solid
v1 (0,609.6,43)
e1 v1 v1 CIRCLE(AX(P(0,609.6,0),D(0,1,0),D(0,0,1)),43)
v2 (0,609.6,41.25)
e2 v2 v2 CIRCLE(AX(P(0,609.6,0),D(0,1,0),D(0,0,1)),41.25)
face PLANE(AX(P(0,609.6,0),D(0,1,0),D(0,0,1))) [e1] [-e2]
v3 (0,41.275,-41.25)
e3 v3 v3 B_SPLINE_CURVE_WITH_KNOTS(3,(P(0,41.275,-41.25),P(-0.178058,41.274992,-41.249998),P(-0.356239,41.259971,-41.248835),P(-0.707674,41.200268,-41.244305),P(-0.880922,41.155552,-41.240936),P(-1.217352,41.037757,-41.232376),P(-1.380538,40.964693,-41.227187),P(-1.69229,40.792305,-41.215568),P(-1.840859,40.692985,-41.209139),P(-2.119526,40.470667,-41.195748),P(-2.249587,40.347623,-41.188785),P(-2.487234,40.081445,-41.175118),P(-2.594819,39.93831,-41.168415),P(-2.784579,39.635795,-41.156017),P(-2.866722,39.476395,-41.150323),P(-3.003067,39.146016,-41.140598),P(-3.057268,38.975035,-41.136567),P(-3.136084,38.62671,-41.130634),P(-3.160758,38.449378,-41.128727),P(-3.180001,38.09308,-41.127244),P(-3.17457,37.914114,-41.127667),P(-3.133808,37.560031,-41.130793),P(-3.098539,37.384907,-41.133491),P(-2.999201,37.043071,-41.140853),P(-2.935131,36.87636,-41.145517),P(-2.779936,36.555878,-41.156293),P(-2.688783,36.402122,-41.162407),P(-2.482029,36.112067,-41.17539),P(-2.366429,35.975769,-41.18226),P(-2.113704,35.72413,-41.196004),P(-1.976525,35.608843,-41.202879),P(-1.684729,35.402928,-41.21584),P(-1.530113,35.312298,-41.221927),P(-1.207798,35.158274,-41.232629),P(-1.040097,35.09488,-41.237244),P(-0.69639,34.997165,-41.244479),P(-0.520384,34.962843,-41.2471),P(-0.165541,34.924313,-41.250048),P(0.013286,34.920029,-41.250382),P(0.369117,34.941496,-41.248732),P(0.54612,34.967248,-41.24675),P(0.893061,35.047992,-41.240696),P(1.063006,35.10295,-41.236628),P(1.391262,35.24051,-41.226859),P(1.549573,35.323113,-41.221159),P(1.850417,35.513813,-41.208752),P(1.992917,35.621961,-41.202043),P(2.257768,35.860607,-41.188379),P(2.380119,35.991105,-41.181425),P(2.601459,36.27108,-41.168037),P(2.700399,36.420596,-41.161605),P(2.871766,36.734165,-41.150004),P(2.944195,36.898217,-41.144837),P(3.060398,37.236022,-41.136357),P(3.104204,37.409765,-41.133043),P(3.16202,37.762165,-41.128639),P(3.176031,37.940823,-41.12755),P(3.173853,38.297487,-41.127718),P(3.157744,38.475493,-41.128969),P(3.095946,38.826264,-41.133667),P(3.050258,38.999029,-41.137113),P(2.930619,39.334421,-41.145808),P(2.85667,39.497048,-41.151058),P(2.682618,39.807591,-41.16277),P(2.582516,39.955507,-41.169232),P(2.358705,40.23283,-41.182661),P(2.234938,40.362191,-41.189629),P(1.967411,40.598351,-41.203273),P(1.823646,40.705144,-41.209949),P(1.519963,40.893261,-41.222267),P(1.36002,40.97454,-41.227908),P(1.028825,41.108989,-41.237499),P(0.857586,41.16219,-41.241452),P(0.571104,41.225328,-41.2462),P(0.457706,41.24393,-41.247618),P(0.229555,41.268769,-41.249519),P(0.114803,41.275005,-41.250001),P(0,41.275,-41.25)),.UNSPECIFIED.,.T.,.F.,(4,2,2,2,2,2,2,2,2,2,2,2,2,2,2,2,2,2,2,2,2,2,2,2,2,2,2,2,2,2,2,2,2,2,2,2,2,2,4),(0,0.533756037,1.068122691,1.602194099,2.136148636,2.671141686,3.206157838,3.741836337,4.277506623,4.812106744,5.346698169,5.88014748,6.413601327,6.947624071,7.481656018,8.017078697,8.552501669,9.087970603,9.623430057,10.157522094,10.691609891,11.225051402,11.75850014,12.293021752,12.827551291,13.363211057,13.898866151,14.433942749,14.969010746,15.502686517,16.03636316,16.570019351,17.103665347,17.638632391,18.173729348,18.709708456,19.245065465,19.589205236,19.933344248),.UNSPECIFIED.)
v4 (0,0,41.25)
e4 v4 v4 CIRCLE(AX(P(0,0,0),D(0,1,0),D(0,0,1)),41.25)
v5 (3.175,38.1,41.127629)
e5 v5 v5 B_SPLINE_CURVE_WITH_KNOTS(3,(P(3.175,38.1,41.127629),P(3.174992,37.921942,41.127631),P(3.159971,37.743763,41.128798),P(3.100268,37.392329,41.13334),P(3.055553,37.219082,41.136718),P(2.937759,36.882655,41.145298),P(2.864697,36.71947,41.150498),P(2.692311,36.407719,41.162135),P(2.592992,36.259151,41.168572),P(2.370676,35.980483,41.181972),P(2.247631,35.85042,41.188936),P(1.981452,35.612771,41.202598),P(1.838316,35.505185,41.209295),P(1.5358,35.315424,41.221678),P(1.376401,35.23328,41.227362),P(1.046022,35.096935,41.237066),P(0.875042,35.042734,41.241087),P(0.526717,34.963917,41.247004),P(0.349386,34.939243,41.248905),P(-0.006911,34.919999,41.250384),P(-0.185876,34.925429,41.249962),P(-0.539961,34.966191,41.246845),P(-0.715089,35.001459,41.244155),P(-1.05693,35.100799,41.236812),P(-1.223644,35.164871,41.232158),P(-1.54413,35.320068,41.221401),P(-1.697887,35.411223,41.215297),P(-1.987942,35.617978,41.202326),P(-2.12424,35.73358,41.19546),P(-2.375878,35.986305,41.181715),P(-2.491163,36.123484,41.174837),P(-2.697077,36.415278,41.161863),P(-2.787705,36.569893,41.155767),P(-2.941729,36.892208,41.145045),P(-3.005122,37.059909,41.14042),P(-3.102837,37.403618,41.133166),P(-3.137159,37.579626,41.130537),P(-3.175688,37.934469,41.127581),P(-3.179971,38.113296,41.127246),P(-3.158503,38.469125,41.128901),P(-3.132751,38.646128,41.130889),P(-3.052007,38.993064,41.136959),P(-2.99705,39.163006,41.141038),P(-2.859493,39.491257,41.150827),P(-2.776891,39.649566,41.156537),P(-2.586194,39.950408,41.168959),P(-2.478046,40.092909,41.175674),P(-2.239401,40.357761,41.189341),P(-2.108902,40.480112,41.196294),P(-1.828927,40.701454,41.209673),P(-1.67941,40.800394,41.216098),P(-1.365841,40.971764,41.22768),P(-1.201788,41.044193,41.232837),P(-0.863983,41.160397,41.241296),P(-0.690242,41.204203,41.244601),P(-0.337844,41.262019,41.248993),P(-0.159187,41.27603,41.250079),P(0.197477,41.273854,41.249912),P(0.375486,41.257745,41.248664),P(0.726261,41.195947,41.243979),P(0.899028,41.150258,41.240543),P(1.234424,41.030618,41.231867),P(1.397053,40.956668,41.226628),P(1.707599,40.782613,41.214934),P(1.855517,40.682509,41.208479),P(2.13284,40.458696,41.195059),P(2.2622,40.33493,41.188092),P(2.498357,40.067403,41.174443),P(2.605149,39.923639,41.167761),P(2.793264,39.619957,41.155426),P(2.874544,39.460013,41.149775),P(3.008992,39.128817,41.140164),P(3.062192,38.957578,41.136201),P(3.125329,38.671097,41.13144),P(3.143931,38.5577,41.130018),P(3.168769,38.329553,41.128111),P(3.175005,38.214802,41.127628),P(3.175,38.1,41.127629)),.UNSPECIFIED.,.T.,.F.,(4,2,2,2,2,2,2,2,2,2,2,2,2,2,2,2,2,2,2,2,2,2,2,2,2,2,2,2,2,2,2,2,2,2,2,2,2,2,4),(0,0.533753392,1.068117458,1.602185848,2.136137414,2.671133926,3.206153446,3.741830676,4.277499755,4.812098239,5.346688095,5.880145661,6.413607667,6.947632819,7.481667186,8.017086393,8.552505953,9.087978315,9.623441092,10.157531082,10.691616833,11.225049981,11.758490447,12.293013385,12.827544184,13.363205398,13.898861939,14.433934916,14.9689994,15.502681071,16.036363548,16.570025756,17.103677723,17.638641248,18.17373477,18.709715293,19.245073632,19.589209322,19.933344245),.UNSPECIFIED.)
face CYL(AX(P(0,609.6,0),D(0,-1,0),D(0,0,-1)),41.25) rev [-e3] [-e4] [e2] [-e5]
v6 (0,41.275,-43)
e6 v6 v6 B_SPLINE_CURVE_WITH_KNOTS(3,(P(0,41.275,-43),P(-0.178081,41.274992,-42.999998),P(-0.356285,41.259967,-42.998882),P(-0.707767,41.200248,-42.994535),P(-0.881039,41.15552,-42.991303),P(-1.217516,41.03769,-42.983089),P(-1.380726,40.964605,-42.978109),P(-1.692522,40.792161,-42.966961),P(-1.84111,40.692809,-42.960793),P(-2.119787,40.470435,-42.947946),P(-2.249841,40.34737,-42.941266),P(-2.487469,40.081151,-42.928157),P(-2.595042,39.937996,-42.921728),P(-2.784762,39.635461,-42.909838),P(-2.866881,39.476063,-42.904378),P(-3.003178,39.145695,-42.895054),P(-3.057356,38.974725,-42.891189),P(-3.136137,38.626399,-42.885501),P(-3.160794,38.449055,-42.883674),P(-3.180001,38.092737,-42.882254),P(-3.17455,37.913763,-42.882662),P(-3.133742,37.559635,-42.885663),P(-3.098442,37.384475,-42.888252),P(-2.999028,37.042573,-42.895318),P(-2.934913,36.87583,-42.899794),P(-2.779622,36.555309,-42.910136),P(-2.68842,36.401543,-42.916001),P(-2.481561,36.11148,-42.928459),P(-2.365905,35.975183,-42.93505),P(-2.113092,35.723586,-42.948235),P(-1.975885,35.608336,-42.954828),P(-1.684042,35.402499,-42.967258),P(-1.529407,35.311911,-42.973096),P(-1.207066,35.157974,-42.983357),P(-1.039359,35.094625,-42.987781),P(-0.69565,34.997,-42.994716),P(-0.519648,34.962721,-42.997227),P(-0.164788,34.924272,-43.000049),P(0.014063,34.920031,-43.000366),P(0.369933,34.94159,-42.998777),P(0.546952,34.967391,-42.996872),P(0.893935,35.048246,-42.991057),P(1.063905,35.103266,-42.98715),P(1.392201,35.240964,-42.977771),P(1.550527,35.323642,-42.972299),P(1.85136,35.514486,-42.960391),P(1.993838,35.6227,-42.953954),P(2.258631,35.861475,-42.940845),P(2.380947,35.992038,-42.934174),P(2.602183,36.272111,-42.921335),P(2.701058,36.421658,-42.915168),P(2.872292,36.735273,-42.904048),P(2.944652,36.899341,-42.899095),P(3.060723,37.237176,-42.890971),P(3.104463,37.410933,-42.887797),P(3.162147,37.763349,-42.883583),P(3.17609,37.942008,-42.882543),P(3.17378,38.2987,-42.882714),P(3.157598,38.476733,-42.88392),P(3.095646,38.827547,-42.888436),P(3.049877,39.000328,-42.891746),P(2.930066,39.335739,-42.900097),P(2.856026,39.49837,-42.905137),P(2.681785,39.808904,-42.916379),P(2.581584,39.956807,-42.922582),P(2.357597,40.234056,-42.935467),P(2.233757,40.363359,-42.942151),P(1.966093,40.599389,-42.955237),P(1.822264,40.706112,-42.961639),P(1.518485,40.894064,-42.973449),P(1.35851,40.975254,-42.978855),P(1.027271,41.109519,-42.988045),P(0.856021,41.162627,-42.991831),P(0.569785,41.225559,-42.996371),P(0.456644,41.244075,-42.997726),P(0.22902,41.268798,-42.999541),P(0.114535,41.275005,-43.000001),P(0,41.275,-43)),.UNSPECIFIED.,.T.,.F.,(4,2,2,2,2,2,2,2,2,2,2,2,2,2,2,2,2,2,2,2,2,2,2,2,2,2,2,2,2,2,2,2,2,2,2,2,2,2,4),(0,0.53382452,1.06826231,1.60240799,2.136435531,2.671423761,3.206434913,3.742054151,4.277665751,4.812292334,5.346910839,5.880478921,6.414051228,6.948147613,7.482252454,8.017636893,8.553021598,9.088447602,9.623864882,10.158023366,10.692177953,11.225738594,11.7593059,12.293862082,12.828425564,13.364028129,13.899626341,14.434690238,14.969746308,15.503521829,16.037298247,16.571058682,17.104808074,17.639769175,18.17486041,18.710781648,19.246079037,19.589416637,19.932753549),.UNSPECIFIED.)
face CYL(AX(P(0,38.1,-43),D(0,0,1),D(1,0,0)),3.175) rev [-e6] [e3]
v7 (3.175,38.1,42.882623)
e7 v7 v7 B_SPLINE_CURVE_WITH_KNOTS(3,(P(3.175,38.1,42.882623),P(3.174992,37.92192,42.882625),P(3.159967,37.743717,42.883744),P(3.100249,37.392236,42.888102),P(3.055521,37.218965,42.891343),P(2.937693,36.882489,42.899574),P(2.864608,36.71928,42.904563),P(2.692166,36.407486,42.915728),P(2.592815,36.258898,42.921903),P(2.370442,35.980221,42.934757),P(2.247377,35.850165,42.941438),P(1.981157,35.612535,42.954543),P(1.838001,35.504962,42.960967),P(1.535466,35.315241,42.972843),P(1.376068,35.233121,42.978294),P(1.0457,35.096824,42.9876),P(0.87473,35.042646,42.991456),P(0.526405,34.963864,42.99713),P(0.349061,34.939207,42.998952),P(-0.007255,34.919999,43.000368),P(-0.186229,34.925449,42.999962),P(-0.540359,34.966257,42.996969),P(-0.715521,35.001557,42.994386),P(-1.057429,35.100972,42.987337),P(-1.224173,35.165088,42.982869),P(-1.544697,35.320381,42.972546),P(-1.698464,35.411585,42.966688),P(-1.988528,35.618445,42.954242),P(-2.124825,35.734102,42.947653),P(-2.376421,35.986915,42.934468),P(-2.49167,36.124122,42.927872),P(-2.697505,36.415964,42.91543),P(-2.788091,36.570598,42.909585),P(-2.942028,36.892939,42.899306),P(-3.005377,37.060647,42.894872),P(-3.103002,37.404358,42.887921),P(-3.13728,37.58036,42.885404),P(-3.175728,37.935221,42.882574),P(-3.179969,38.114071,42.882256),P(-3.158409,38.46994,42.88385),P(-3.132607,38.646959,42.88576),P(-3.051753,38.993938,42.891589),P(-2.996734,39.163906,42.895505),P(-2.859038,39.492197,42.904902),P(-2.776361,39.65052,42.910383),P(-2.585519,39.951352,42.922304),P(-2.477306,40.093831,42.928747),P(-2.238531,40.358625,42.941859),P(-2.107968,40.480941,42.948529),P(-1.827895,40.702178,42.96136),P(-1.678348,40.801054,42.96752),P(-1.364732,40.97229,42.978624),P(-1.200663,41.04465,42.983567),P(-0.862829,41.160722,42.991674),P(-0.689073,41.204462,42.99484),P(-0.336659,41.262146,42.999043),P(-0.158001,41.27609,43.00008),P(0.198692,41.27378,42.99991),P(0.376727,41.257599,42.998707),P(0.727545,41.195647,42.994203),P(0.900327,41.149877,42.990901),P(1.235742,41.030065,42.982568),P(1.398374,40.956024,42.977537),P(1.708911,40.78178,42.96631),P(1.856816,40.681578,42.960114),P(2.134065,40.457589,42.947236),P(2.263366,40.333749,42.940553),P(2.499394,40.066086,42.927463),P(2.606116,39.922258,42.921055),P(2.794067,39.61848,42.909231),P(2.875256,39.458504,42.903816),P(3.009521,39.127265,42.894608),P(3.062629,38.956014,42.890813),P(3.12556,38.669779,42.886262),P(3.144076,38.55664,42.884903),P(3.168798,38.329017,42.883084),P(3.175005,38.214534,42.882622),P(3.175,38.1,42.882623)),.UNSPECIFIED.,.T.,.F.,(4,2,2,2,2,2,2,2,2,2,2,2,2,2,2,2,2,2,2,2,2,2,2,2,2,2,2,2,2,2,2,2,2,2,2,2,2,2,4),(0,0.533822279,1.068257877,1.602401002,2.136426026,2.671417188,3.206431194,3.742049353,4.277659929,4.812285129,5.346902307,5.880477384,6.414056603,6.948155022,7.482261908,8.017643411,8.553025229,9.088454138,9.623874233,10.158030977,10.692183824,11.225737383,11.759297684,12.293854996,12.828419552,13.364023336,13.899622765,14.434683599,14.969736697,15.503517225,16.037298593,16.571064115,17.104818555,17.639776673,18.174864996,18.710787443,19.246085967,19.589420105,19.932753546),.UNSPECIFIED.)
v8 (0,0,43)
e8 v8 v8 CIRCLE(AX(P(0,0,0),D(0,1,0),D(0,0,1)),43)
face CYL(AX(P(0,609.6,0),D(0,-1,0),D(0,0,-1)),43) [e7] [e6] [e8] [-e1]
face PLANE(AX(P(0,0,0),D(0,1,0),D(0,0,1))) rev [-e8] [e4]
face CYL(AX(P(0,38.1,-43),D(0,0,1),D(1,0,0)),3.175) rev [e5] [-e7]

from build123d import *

# Parameters (mm, degrees)
SKETCH1_R               = 43
SKETCH1_R_2             = 41.25
BOSS_EXTRUDE1_DEPTH     = 609.6
CUT_EXTRUDE1_DEPTH      = 613.625627933
CUT_EXTRUDE1_DEPTH_BACK = 613.625627933
SKETCH2_R               = 3.175


with BuildPart() as part:
    # Sketch1 → Boss-Extrude1 (new body)
    with BuildSketch(Plane(origin=(0, 0, 0), x_dir=(1, 0, 0), z_dir=(0, 1, 0))):
        with Locations(Location((0, 0, 0), (0, 0, 90))):
            Circle(SKETCH1_R)
        with Locations(Location((0, 0, 0), (0, 0, 90))):
            Circle(SKETCH1_R_2, mode=Mode.SUBTRACT)
    extrude(amount=BOSS_EXTRUDE1_DEPTH)

    # Sketch2 → Cut-Extrude1 (cut, two sides: drawn at the far end of the back side and taken through both)
    with BuildSketch(Plane.XY.offset(-CUT_EXTRUDE1_DEPTH_BACK)):
        with Locations((0, 38.1)):
            Circle(SKETCH2_R)
    extrude(amount=CUT_EXTRUDE1_DEPTH + CUT_EXTRUDE1_DEPTH_BACK, mode=Mode.SUBTRACT)


solid = part.part
